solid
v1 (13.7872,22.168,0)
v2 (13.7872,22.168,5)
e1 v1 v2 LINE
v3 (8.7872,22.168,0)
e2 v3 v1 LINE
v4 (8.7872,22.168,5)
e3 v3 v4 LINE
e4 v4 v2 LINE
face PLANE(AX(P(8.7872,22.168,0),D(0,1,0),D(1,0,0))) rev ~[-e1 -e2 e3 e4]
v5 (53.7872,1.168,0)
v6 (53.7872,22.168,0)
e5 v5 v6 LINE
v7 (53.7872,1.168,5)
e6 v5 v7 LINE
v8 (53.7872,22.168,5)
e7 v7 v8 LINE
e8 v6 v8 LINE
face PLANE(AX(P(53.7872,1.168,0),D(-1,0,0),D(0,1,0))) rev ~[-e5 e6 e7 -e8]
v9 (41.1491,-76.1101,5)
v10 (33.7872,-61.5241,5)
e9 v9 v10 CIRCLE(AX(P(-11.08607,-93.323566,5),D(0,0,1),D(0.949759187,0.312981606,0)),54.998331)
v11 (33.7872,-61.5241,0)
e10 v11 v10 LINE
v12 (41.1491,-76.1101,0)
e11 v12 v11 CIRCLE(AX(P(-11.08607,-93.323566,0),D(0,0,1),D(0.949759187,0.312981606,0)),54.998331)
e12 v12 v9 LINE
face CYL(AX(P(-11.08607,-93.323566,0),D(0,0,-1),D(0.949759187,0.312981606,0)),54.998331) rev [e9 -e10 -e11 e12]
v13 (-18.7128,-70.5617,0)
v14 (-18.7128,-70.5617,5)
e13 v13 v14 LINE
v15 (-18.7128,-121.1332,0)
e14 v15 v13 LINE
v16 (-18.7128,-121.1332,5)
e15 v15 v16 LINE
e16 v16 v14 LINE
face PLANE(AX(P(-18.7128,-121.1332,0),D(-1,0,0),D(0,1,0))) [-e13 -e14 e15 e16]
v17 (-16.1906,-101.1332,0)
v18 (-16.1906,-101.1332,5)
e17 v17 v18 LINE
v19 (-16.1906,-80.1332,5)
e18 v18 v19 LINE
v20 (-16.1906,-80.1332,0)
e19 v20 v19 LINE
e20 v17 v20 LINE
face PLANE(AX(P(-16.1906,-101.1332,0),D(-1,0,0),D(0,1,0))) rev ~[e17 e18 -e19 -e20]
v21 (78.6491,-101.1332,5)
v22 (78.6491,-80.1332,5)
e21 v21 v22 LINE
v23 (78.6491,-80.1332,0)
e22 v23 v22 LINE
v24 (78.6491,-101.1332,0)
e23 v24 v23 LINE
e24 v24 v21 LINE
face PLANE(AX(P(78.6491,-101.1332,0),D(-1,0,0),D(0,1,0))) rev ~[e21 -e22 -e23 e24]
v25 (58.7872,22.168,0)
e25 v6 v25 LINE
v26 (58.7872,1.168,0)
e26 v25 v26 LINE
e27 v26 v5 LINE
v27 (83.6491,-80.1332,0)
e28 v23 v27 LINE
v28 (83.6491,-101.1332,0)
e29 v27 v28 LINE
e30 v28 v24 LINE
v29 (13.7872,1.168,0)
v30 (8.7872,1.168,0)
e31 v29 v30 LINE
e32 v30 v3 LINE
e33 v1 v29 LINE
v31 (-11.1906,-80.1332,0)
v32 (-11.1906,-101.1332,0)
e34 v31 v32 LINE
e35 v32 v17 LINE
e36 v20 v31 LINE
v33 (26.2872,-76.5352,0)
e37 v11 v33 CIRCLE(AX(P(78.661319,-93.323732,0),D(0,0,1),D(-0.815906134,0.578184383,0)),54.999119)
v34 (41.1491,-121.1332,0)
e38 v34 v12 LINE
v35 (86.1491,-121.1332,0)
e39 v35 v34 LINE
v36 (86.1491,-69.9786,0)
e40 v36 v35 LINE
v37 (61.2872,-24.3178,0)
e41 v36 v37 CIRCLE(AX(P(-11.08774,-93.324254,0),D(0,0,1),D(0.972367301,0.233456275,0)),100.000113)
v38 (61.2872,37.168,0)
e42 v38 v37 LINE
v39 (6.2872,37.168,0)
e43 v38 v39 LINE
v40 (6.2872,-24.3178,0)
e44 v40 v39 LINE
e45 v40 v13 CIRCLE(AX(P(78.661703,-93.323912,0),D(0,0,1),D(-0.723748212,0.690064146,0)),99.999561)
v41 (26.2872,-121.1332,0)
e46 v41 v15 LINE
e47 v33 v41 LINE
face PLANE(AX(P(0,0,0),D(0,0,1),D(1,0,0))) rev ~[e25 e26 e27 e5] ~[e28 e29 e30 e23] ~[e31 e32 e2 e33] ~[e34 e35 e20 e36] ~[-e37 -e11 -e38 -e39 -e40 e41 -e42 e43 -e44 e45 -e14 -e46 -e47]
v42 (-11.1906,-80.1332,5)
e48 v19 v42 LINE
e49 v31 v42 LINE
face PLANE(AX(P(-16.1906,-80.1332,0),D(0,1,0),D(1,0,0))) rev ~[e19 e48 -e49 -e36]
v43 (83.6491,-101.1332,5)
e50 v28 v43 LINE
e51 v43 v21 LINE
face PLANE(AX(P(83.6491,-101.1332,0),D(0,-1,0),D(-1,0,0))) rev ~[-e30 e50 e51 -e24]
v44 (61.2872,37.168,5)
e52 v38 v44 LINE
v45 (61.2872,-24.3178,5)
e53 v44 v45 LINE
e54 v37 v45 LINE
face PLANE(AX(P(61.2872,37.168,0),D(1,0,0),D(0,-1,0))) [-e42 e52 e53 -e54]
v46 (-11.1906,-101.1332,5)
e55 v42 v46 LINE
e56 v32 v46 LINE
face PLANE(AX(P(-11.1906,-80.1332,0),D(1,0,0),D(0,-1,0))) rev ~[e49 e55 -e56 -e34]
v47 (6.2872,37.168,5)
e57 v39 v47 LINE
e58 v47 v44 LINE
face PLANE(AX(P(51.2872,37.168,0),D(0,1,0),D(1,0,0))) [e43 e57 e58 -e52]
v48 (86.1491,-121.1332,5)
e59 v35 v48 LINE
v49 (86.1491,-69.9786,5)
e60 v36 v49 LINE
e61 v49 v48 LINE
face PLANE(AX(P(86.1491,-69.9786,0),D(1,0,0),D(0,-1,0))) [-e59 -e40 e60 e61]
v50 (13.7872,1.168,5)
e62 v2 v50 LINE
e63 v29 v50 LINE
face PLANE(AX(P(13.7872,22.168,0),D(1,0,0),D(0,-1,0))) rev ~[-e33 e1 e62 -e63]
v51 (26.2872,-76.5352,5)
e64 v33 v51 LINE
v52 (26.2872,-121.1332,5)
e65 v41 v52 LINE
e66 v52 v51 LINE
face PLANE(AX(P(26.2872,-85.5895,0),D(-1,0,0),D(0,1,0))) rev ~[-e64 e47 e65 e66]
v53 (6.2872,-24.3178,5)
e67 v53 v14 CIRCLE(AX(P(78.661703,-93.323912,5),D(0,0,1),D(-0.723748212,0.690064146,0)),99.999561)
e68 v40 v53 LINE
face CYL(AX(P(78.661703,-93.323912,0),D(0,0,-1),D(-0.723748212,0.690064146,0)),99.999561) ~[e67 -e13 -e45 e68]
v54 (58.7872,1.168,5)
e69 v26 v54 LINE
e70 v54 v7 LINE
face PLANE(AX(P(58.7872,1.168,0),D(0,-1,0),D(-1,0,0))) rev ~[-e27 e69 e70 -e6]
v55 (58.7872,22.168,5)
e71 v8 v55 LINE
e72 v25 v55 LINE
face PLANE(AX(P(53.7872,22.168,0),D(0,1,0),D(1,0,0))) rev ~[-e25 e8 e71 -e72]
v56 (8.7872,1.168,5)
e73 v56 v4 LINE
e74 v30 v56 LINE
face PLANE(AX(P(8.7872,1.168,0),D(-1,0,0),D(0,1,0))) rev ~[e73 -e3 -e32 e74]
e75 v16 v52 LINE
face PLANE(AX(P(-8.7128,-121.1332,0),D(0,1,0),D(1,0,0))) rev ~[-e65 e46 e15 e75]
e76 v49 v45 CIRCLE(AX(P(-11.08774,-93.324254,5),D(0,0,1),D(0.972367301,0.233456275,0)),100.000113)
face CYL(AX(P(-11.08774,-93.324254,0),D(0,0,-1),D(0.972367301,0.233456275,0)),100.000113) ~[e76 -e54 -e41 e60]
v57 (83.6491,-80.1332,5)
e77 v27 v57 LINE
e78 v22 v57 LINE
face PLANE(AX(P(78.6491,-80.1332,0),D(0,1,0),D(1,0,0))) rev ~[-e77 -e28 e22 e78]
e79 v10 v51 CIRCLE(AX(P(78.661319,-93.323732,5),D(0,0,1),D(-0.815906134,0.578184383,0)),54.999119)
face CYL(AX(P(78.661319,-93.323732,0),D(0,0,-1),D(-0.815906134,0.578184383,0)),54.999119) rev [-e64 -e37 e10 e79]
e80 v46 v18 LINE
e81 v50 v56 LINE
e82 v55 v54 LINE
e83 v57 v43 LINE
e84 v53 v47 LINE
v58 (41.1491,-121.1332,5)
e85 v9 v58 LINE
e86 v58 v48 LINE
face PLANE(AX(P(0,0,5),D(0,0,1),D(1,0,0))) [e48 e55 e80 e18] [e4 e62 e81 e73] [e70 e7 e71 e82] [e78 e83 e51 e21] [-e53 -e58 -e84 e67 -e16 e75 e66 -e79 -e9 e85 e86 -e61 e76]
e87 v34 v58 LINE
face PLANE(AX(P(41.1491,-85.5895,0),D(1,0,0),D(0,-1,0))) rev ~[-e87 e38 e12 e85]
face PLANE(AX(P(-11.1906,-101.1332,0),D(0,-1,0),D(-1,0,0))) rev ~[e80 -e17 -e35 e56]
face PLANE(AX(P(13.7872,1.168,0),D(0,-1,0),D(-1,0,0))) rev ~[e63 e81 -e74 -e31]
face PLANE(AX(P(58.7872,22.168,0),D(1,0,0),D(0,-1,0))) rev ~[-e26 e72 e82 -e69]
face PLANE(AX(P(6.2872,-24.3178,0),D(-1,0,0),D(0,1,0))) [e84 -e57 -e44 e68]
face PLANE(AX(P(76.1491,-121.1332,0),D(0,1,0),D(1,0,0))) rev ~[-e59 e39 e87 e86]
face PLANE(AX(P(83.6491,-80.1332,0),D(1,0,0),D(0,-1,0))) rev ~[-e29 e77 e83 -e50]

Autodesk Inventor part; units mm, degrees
ref_plane "YZ Plane" through (0, 0, 0) normal (1, 0, 0) x (0, 1, 0)
ref_plane "XZ Plane" through (0, 0, 0) normal (0, 1, 0) x (-1, 0, 0)
ref_plane "XY Plane" through (0, 0, 0) normal (0, 0, 1) x (1, 0, 0)
sketch "Sketch1" plane through (0, 0, 0) normal (0, 0, 1) x (1, 0, 0)
  line L0 (51.2872, 31.5555) -> (51.2872, -28.4445)
  line L1 (16.2872, 31.5555) -> (16.2872, -28.4445)
  arc A0 (16.2872, -28.4445) -> (-8.7128, -71.7458) centre (78.6621, -93.3242) ccw
  line L2 (16.2872, -28.4445) -> (-8.7128, -71.7458) construction
  line L3 (16.2872, -28.4445) -> (66.2872, -28.4445) construction
  line L4 (-8.7128, -71.7458) -> (-8.7128, -121.7458)
  arc A1 (76.1491, -71.1938) -> (51.2872, -28.4445) centre (-11.0876, -93.3242) ccw
  line L5 (76.1491, -71.1938) -> (76.1491, -121.1332)
  line L6 (26.2872, -121.7458) -> (26.2872, -76.5352)
  arc A2 (33.7872, -61.5241) -> (26.2872, -76.5352) centre (78.6621, -93.3242) ccw
  arc A3 (41.1491, -76.1101) -> (33.7872, -61.5241) centre (-11.0876, -93.3242) ccw
  line L7 (41.1491, -76.1101) -> (41.1491, -121.1332)
  line L8 (-18.7128, -121.1332) -> (-18.7128, -70.5617)
  arc A4 (6.2872, -24.3178) -> (-18.7128, -70.5617) centre (78.6621, -93.3242) ccw
  line L9 (6.2872, -24.3178) -> (6.2872, 37.168)
  line L10 (6.2872, 37.168) -> (61.2872, 37.168)
  line L11 (61.2872, 37.168) -> (61.2872, -24.3178)
  arc A5 (86.1491, -69.9786) -> (61.2872, -24.3178) centre (-11.0876, -93.3242) ccw
  line L12 (86.1491, -69.9786) -> (86.1491, -121.1332)
  line L13 (-18.7128, -121.1332) -> (86.1491, -121.1332)
  line L14 (16.2872, 31.5555) -> (16.2872, 37.168)
  line L15 (51.2872, 31.5555) -> (51.2872, 37.168)
  line L16 (36.1491, -121.1332) -> (36.1491, -85.5895)
  line L17 (31.2872, -85.5895) -> (31.2872, -121.7458)
  line L18 (26.2872, -85.5895) -> (31.2872, -85.5895)
  line L19 (36.1491, -85.5895) -> (41.1491, -85.5895)
  line L20 (50.9283, 31.5555) -> (51.2872, 31.5555)
  line L21 (16.2872, 2.168) -> (16.2872, 22.168)
  line L22 (51.2872, 2.168) -> (51.2872, 22.168)
  line L23 (76.1491, -101.1332) -> (76.1491, -81.1332)
  line L24 (-8.7128, -81.1332) -> (-8.7128, -101.1332)
  line L25 (78.6491, -80.1332) -> (83.6491, -80.1332)
  line L26 (83.6491, -80.1332) -> (83.6491, -101.1332)
  line L27 (83.6491, -101.1332) -> (78.6491, -101.1332)
  line L28 (78.6491, -101.1332) -> (78.6491, -80.1332)
  line L29 (-16.1906, -80.1332) -> (-11.1906, -80.1332)
  line L30 (-11.1906, -80.1332) -> (-11.1906, -101.1332)
  line L31 (-11.1906, -101.1332) -> (-16.1906, -101.1332)
  line L32 (-16.1906, -101.1332) -> (-16.1906, -80.1332)
  line L33 (53.7872, 22.168) -> (58.7872, 22.168)
  line L34 (58.7872, 22.168) -> (58.7872, 1.168)
  line L35 (58.7872, 1.168) -> (53.7872, 1.168)
  line L36 (53.7872, 1.168) -> (53.7872, 22.168)
  line L37 (8.7872, 22.168) -> (13.7872, 22.168)
  line L38 (13.7872, 22.168) -> (13.7872, 1.168)
  line L39 (13.7872, 1.168) -> (8.7872, 1.168)
  line L40 (8.7872, 1.168) -> (8.7872, 22.168)
  point P0 (0, 0)
  point P1 (-8.7128, -121.1332)
  point P2 (26.2872, -121.1332)
  point P3 (36.2872, -121.7458)
  point P4 (71.2872, -121.7458)
  point P5 (31.2872, -121.1332)
  point P6 (31.2872, -121.7458)
  dimension "d0" = 35
  dimension "d1" = 60
  dimension "d2" = 50
  dimension "d3" = 120
  dimension "d4" = 90
  dimension "d5" = 50
  dimension "d6" = 35
  dimension "d7" = 10
  dimension "d12" = 5
  dimension "d16" = 10
  dimension "d22" = 158.3013
  dimension "d29" = 0
  dimension "d30" = 5
  dimension "d31" = 21
  dimension "d32" = 5
  dimension "d33" = 21
  dimension "d34" = 5
  dimension "d35" = 21
  dimension "d36" = 5
  dimension "d37" = 21
  dimension "d38" = 2.5
  dimension "d39" = 15
  dimension "d40" = 2.5
  dimension "d41" = 15
  dimension "d42" = 20
  dimension "d43" = 20
extrude "Extrusion1" add sketch "Sketch1" along normal blind 5 contours L15 L10 L11 A5 L12 L13 L5 A1 L0 | L0 A1 L5 L13 L7 A3 A2 L6 L4 A0 L1 L14 L10 L15 | L14 L1 A0 L4 L13 L8 A4 L9 L10
equation "\"d16\" = d7"
properties part number "newmiddle"
